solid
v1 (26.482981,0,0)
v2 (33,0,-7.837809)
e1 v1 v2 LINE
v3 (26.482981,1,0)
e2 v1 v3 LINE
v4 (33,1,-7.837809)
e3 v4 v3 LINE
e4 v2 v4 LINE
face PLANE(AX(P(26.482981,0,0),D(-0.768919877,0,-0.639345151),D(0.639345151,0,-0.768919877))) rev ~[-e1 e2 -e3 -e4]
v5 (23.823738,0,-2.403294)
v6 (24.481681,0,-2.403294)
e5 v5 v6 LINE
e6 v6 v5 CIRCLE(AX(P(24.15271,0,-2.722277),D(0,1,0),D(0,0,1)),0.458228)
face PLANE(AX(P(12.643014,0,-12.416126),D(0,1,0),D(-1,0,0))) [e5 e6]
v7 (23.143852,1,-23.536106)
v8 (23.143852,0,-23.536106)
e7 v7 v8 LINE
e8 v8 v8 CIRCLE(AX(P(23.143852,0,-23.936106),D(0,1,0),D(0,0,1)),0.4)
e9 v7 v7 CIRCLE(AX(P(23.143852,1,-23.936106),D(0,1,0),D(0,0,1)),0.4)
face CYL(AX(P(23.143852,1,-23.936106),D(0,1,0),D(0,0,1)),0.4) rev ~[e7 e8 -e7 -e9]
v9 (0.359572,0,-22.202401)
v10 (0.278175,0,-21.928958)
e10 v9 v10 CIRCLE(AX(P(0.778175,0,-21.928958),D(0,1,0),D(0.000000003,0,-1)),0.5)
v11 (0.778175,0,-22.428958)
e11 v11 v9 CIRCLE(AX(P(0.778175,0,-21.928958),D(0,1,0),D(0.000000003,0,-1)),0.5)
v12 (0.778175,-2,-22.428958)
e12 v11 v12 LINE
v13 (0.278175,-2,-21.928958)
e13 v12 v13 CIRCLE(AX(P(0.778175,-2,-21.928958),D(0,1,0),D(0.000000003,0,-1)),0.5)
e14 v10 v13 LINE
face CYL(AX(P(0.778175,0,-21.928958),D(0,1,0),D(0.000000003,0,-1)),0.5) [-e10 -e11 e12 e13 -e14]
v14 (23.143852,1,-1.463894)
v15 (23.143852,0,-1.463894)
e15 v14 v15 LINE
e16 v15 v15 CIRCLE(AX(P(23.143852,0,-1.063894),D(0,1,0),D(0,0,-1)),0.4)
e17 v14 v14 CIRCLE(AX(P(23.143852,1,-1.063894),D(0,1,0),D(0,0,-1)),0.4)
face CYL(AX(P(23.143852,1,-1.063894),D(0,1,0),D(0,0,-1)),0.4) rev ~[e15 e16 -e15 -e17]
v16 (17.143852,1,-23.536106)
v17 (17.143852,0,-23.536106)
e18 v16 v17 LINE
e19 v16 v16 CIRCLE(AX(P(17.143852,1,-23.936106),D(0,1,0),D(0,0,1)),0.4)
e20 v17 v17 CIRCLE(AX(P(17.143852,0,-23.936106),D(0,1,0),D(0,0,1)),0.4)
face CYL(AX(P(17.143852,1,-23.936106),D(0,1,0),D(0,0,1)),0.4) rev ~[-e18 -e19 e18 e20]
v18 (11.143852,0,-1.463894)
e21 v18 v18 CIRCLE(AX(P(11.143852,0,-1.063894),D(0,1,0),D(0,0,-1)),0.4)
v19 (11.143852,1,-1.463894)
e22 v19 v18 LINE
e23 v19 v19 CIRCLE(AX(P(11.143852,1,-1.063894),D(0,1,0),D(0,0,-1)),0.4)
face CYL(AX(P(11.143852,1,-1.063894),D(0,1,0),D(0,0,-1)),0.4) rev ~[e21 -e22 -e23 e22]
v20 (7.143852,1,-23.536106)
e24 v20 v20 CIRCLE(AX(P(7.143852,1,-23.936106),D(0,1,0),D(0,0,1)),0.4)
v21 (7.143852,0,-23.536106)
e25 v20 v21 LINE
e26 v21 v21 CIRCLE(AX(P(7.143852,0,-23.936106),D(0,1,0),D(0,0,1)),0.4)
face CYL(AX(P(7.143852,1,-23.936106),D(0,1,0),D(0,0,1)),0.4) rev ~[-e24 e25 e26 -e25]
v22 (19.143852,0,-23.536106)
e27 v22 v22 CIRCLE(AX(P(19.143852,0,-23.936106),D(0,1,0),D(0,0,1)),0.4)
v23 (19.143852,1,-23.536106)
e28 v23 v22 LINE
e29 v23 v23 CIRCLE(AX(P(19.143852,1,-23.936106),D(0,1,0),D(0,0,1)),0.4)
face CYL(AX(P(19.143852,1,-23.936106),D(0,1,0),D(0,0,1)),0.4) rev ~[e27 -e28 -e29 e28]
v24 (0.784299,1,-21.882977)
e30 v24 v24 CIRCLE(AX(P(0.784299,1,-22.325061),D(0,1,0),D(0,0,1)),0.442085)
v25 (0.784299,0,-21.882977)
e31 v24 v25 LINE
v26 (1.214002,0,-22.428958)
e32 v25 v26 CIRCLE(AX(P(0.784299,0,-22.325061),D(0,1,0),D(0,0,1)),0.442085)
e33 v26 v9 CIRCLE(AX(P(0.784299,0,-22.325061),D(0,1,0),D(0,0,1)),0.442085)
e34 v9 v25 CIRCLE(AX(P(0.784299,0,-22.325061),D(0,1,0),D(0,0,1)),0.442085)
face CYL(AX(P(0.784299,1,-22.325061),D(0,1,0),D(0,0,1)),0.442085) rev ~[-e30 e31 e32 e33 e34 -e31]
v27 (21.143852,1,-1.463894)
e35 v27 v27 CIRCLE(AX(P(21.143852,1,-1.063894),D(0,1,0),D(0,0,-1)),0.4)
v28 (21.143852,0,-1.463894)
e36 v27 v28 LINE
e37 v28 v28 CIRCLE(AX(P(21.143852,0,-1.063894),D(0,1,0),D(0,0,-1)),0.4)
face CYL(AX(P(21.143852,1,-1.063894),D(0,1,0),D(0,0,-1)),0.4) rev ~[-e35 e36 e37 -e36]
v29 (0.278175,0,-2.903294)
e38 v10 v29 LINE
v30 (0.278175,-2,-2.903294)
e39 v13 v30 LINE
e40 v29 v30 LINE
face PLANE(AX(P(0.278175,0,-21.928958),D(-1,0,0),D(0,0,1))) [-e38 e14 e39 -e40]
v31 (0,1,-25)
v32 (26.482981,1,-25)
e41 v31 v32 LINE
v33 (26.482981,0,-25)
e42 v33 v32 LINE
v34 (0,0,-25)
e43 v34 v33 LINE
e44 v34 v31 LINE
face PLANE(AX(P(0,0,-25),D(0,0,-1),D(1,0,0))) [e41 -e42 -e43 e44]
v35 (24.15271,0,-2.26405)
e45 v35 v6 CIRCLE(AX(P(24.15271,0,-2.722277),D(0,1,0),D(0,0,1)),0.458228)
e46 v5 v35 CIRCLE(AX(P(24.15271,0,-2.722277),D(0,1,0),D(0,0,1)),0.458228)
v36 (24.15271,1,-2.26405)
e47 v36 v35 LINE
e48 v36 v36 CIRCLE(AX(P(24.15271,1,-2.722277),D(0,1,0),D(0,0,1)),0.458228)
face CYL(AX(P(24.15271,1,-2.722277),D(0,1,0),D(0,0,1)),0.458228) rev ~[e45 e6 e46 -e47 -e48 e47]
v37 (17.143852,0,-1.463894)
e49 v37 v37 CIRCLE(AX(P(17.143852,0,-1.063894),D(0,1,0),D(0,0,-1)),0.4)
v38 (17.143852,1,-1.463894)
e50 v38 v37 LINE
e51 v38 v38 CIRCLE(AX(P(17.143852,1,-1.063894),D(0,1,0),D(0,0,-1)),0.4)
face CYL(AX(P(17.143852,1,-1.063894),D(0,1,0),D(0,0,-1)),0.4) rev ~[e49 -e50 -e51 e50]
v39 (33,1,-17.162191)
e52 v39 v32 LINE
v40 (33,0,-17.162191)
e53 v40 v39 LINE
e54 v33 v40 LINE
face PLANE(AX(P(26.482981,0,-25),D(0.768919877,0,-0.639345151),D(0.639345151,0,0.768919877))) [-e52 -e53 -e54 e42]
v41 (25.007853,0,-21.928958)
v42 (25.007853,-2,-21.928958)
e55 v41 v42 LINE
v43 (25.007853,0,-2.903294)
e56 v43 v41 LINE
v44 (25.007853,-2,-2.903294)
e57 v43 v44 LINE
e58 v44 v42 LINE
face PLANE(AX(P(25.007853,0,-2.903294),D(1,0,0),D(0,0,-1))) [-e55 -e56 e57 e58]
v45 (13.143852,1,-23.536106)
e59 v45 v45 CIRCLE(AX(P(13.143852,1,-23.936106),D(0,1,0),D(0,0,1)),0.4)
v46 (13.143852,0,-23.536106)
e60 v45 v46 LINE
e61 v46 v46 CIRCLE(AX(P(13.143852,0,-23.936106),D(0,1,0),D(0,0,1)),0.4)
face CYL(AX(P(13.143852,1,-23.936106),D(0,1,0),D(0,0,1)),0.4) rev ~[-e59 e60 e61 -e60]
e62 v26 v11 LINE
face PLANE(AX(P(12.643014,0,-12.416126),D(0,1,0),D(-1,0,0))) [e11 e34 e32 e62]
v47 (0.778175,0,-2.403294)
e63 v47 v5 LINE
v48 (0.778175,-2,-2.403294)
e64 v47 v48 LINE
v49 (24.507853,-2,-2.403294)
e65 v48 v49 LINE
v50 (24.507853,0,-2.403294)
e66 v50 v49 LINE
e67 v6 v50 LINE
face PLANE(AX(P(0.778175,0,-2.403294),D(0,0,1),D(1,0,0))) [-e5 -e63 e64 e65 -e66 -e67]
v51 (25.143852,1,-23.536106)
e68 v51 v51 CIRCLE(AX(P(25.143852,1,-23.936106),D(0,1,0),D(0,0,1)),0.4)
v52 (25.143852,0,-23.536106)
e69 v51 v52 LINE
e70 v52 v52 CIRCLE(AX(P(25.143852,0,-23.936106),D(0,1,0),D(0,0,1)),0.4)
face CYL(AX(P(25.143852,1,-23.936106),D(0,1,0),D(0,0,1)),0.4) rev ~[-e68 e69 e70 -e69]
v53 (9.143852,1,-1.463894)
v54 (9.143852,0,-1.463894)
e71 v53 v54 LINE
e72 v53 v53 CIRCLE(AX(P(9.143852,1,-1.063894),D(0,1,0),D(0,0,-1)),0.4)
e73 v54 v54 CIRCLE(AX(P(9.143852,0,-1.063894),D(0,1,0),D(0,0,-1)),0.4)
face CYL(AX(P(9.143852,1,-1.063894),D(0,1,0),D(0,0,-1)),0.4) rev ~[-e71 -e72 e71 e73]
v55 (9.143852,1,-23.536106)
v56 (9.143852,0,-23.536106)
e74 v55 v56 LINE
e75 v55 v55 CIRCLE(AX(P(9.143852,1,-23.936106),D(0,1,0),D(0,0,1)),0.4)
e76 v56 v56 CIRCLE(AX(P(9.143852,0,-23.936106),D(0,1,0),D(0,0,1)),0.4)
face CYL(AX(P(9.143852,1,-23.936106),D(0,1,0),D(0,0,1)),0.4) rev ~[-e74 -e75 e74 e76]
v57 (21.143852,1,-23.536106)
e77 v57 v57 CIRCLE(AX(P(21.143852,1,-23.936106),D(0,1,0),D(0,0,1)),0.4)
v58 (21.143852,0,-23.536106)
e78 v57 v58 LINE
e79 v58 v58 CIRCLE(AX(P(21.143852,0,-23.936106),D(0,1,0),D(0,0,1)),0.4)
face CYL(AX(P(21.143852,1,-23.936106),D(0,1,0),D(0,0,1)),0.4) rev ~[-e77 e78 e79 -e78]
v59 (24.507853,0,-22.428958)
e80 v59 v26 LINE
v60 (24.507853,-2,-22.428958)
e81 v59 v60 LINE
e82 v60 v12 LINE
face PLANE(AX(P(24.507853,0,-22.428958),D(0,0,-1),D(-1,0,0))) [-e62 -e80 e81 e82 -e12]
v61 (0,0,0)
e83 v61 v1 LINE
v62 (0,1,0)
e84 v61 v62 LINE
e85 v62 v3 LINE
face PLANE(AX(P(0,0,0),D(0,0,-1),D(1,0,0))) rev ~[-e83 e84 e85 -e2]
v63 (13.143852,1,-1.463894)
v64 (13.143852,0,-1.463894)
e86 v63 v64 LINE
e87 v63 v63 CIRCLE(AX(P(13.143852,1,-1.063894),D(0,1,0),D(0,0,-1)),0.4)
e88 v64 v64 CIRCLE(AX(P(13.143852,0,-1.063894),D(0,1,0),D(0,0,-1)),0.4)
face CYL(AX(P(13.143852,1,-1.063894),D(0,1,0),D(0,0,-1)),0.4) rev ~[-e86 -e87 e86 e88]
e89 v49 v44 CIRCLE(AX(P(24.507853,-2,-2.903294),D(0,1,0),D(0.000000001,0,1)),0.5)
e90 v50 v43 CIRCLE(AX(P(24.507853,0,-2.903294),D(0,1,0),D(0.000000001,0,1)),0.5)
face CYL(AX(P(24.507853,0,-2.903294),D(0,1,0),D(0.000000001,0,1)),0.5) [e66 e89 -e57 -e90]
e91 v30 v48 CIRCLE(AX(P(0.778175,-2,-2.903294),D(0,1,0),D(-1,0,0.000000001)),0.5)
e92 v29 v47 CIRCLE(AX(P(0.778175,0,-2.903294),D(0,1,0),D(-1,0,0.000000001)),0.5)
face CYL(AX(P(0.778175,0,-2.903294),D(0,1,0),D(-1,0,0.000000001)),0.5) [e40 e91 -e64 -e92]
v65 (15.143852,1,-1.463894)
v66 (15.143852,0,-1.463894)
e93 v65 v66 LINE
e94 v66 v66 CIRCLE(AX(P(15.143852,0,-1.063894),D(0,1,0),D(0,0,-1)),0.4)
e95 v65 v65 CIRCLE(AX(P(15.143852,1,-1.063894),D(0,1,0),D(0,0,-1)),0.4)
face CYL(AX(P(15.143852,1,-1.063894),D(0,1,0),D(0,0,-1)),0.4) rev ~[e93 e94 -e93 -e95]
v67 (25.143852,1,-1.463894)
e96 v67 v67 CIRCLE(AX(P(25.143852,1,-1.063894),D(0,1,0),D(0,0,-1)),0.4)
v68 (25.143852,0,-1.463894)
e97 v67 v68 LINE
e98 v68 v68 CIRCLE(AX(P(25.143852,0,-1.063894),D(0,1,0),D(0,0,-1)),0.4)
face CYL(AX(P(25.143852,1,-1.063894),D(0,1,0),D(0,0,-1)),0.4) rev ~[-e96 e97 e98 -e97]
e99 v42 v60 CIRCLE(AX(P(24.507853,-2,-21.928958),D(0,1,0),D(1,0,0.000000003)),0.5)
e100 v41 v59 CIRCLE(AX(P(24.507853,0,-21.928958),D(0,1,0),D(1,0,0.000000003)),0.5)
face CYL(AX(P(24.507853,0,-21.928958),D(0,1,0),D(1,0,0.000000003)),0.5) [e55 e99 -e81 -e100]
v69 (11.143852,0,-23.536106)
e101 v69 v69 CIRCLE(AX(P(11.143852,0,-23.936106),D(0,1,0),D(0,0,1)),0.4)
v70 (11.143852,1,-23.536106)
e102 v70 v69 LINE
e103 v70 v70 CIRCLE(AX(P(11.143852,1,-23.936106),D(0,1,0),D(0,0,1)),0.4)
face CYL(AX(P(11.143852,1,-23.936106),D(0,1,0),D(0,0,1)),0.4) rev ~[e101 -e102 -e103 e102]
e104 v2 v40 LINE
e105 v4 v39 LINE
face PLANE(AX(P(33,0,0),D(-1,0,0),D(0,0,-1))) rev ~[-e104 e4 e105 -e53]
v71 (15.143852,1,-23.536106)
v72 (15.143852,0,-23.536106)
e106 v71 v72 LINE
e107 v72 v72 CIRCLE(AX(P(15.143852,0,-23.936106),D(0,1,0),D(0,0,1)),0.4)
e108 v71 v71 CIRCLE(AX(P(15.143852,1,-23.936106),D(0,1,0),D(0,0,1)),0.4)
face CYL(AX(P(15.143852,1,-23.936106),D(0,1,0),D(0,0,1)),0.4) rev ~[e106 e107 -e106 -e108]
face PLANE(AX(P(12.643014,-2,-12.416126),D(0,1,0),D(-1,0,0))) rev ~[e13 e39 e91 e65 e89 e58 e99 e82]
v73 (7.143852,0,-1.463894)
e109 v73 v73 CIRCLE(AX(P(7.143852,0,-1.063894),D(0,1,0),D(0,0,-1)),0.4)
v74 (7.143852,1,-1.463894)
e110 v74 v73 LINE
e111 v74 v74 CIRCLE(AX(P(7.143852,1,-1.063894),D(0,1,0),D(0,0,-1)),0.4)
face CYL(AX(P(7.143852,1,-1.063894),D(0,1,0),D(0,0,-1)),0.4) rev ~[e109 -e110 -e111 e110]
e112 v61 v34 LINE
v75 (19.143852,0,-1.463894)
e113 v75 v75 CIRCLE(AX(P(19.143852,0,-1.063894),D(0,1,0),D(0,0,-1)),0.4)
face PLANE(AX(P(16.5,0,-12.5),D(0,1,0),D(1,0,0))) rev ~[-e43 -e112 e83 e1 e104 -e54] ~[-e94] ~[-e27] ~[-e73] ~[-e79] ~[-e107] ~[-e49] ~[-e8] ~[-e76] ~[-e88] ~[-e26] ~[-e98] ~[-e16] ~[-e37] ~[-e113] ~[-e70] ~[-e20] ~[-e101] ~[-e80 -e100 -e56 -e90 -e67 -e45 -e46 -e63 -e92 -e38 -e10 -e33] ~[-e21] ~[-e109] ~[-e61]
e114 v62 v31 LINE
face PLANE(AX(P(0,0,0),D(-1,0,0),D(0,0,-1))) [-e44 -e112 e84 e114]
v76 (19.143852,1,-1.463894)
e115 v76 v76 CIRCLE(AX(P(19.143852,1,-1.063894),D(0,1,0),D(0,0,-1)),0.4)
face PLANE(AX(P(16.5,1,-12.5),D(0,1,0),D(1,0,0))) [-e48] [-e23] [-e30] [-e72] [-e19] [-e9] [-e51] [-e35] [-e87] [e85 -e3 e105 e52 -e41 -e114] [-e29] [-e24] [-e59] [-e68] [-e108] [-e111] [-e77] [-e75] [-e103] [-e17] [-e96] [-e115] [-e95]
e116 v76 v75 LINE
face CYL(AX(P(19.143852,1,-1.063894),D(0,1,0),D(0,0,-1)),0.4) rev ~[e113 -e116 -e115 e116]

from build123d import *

# Parameters (mm, degrees)
SKETCH1_W           = 33
SKETCH1_H           = 25
BOSS_EXTRUDE1_DEPTH = 1
CUT_EXTRUDE1_DEPTH  = 42.412558482
SKETCH3_R           = 0.4
SKETCH3_R_2         = 0.442084783
SKETCH3_R_3         = 0.458227678
CUT_EXTRUDE2_DEPTH  = 42.412558482
BOSS_EXTRUDE3_DEPTH = 2


with BuildPart() as part:
    # Sketch1 → Boss-Extrude1 (new body)
    with BuildSketch(Plane(origin=(0, 0, 0), x_dir=(1, 0, 0), z_dir=(0, 1, 0))):
        with Locations((16.5, 12.5)):
            Rectangle(SKETCH1_W, SKETCH1_H)
    extrude(amount=BOSS_EXTRUDE1_DEPTH)

    # Sketch2 → Cut-Extrude1 (cut, through all)
    with BuildSketch(Plane.XZ):
        Polygon((33, 0), (26.482981269, 0), (33, -7.837809095), align=None)
        Polygon((33, -17.162190905), (33, -25), (26.482981269, -25), align=None)
    extrude(amount=-CUT_EXTRUDE1_DEPTH, mode=Mode.SUBTRACT)

    # Sketch3 → Cut-Extrude2 (cut, through all)
    with BuildSketch(Plane(origin=(0, 1, 0), x_dir=(1, 0, 0), z_dir=(0, 1, 0))):
        with Locations(Location((7.143852183, 23.936106005, 0), (0, 0, 270))):
            Circle(SKETCH3_R)
        with Locations(Location((9.143852183, 23.936106005, 0), (0, 0, 270))):
            Circle(SKETCH3_R)
        with Locations(Location((11.143852183, 23.936106005, 0), (0, 0, 270))):
            Circle(SKETCH3_R)
        with Locations(Location((13.143852183, 23.936106005, 0), (0, 0, 270))):
            Circle(SKETCH3_R)
        with Locations(Location((15.143852183, 23.936106005, 0), (0, 0, 270))):
            Circle(SKETCH3_R)
        with Locations(Location((17.143852183, 23.936106005, 0), (0, 0, 270))):
            Circle(SKETCH3_R)
        with Locations(Location((19.143852183, 23.936106005, 0), (0, 0, 270))):
            Circle(SKETCH3_R)
        with Locations(Location((21.143852183, 23.936106005, 0), (0, 0, 270))):
            Circle(SKETCH3_R)
        with Locations(Location((23.143852183, 23.936106005, 0), (0, 0, 270))):
            Circle(SKETCH3_R)
        with Locations(Location((25.143852183, 23.936106005, 0), (0, 0, 270))):
            Circle(SKETCH3_R)
        with Locations(Location((25.143852183, 1.063893995, 0), (0, 0, 90))):
            Circle(SKETCH3_R)
        with Locations(Location((23.143852183, 1.063893995, 0), (0, 0, 90))):
            Circle(SKETCH3_R)
        with Locations(Location((21.143852183, 1.063893995, 0), (0, 0, 90))):
            Circle(SKETCH3_R)
        with Locations(Location((19.143852183, 1.063893995, 0), (0, 0, 90))):
            Circle(SKETCH3_R)
        with Locations(Location((17.143852183, 1.063893995, 0), (0, 0, 90))):
            Circle(SKETCH3_R)
        with Locations(Location((15.143852183, 1.063893995, 0), (0, 0, 90))):
            Circle(SKETCH3_R)
        with Locations(Location((13.143852183, 1.063893995, 0), (0, 0, 90))):
            Circle(SKETCH3_R)
        with Locations(Location((11.143852183, 1.063893995, 0), (0, 0, 90))):
            Circle(SKETCH3_R)
        with Locations(Location((9.143852183, 1.063893995, 0), (0, 0, 90))):
            Circle(SKETCH3_R)
        with Locations(Location((7.143852183, 1.063893995, 0), (0, 0, 90))):
            Circle(SKETCH3_R)
        with Locations(Location((0.784299075, 22.325061426, 0), (0, 0, 270))):
            Circle(SKETCH3_R_2)
        with Locations(Location((24.152709784, 2.722277331, 0), (0, 0, 270))):
            Circle(SKETCH3_R_3)
    extrude(amount=-CUT_EXTRUDE2_DEPTH, mode=Mode.SUBTRACT)

    # Sketch6 → Boss-Extrude3 (add)
    with BuildSketch(Plane.XZ):
        with BuildLine():
            Line((24.507853381, -22.428957603), (0.778175079, -22.428957603))
            ThreePointArc((0.778175079, -22.428957603), (0.424621688, -22.282510994), (0.278175079, -21.928957603))
            Line((0.278175079, -21.928957603), (0.278175079, -2.903294195))
            ThreePointArc((0.278175079, -2.903294195), (0.424621688, -2.549740805), (0.778175079, -2.403294195))
            Line((0.778175079, -2.403294195), (24.507853381, -2.403294195))
            ThreePointArc((24.507853381, -2.403294195), (24.861406772, -2.549740805), (25.007853381, -2.903294195))
            Line((25.007853381, -2.903294195), (25.007853381, -21.928957603))
            ThreePointArc((25.007853381, -21.928957603), (24.861406772, -22.282510994), (24.507853381, -22.428957603))
        make_face()
    extrude(amount=BOSS_EXTRUDE3_DEPTH)


solid = part.part
